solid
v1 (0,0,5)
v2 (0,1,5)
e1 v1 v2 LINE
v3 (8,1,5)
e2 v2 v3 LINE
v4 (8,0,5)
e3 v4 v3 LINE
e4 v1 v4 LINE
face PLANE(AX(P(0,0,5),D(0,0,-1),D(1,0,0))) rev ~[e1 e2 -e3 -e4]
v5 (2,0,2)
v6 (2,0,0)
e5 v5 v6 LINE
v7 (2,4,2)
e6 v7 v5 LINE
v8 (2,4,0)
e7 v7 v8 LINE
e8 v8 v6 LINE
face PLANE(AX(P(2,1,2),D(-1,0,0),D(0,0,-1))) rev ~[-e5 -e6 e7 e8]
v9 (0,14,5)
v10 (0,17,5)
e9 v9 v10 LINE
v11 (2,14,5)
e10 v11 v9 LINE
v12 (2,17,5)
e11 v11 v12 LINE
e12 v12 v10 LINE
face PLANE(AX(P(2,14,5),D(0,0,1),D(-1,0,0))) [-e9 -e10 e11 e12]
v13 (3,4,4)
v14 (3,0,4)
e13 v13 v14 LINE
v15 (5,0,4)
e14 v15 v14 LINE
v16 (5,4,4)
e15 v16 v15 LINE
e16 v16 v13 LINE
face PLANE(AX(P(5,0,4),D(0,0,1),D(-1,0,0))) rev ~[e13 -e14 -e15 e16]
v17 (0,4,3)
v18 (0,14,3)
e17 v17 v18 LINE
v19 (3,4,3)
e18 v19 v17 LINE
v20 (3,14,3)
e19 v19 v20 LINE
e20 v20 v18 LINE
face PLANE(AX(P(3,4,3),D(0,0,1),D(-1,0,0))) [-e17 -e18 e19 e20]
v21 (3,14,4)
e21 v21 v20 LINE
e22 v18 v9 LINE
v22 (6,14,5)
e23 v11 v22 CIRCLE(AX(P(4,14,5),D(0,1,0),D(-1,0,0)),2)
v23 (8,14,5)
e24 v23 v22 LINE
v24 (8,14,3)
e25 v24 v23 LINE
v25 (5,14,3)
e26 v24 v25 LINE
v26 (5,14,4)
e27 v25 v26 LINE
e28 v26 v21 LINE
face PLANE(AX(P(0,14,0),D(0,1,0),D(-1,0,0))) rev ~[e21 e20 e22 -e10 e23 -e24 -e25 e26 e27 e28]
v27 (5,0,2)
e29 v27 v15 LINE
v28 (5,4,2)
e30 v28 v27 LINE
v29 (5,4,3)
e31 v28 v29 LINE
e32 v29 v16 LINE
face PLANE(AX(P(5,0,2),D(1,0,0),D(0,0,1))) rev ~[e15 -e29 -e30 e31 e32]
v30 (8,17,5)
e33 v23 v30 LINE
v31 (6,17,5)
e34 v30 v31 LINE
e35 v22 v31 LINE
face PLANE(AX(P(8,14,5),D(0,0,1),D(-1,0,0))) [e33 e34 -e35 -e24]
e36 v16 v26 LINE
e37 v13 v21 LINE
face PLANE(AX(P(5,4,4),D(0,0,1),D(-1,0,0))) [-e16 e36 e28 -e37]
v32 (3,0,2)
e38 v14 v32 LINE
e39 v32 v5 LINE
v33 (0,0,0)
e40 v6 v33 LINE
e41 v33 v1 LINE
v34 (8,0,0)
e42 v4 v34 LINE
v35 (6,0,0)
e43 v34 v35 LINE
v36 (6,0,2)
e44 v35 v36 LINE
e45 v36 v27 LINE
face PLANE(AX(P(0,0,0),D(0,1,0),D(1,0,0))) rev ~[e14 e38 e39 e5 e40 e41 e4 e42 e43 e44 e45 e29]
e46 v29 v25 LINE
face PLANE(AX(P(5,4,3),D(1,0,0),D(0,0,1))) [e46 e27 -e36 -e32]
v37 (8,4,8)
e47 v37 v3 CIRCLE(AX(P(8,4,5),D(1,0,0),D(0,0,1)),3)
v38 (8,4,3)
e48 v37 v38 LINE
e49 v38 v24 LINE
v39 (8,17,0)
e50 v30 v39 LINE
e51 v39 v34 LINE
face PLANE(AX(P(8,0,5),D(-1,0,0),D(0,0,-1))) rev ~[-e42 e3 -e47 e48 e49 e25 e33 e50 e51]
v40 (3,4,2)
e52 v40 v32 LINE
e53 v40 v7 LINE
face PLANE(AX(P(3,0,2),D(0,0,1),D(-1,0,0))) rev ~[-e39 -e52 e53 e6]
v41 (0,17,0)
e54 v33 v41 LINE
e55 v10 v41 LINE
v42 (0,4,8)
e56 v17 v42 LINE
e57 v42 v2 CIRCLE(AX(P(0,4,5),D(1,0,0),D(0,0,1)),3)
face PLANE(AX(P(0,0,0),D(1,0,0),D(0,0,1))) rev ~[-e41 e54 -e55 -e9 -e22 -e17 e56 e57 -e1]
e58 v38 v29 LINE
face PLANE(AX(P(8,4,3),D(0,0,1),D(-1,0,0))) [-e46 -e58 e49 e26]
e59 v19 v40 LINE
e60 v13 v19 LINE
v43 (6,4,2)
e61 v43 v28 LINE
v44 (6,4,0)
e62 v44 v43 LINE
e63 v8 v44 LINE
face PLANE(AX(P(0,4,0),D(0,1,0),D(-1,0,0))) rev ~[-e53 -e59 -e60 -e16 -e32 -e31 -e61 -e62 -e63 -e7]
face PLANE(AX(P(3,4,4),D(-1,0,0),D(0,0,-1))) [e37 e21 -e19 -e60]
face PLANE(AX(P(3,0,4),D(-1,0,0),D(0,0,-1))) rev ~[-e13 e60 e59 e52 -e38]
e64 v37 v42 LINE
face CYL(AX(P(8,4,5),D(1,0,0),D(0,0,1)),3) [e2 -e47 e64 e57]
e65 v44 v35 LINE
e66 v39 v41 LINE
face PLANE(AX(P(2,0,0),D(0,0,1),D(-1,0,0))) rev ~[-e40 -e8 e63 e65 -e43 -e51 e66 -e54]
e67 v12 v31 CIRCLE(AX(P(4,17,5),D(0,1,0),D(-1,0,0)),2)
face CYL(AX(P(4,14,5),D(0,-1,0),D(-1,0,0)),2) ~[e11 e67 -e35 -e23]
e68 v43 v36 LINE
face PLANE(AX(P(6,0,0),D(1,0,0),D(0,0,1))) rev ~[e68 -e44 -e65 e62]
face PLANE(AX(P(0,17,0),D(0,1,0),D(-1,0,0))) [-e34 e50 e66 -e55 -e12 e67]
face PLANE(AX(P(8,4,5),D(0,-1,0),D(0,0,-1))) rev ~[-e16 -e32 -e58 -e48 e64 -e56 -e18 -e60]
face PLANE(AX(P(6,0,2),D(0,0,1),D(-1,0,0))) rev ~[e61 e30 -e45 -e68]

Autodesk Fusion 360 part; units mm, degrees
sketch "Sketch1" plane through (0, 0, 0) normal (0, 1, 0) x (1, 0, 0)
  line L0 (0, 0) -> (0, -5)
  line L1 (0, -5) -> (8, -5)
  line L2 (8, -5) -> (8, 0)
  line L3 (8, 0) -> (6, 0)
  line L4 (6, 0) -> (6, -2)
  line L5 (6, -2) -> (5, -2)
  line L6 (5, -2) -> (5, -4)
  line L7 (5, -4) -> (3, -4)
  line L8 (3, -4) -> (3, -2)
  line L9 (3, -2) -> (2, -2)
  line L10 (2, -2) -> (2, 0)
  line L11 (2, 0) -> (0, 0)
  dimension "d1" = 8
  dimension "d2" = 2
extrude "Extrude1" add sketch "Sketch1" along normal blind 1
sketch "Sketch2" plane through (8, 0, 0) normal (1, 0, 0) x (0, 1, 0)
  line L0 (0, 5) -> (0, 0)
  line L1 (0, 0) -> (1, 0)
  line L2 (1, 0) -> (1, 5)
  line L3 (1, 5) -> (0, 5)
  line L4 (1, 5) -> (4, 5)
  line L5 (4, 5) -> (4, 8)
  arc A0 (4, 8) -> (1, 5) centre (4, 5) ccw
  line L6 (4, 5) -> (4, 0)
  line L7 (4, 0) -> (1, 0)
  dimension "d5" = 3
  dimension "d6" = 3
extrude "Extrude2" add sketch "Sketch2" against normal blind 8 contours L2 L4 L6 L7 | L4 L5 A0
extrude "Extrude3" cut 1 faces at (4.3333, 1, 0.6667) along direction (0, 1, 0) blind 4.5
sketch "Sketch3" plane through (0, 4, 0) normal (0, 1, 0) x (-1, 0, 0)
  line L0 (-2, 2) -> (-2, 0)
  line L1 (-2, 0) -> (0, 0)
  line L2 (0, 0) -> (0, 8)
  line L3 (0, 8) -> (-8, 8)
  line L4 (-8, 8) -> (-8, 0)
  line L5 (-8, 0) -> (-6, 0)
  line L6 (-6, 0) -> (-6, 2)
  line L7 (-6, 2) -> (-5, 2)
  line L8 (-5, 2) -> (-5, 4)
  line L9 (-5, 4) -> (-3, 4)
  line L10 (-3, 4) -> (-3, 2)
  line L11 (-3, 2) -> (-2, 2)
  line L12 (-8, 0) -> (-8, 3)
  line L13 (-8, 3) -> (-5, 3)
  line L14 (-5, 3) -> (-5, 4)
  line L15 (-3, 4) -> (-3, 3)
  line L16 (-3, 3) -> (0, 3)
  line L17 (-3, 4) -> (-5, 4)
  line L18 (0, 3) -> (0, 0)
  line L19 (-8, 0) -> (0, 0)
  dimension "d11" = 3
  dimension "d12" = 3
extrude "Extrude4" add sketch "Sketch3" along normal blind 10 contours L0 L1 L2 L10 L11 L16 L18 L19 | L0 L6 L7 L8 L9 L10 L11 L14 L15 L17 L19 | L4 L5 L6 L7 L8 L12 L13 L19
sketch "Sketch4" plane through (0, 14, 0) normal (0, 1, 0) x (-1, 0, 0)
  line L0 (-8, 3) -> (-8, 0)
  line L1 (-8, 0) -> (0, 0)
  line L2 (0, 0) -> (0, 3)
  line L3 (0, 3) -> (-3, 3)
  line L4 (-3, 3) -> (-3, 4)
  line L5 (-3, 4) -> (-5, 4)
  line L6 (-5, 4) -> (-5, 3)
  line L7 (-5, 3) -> (-8, 3)
  line L8 (-8, 0) -> (-8, 5)
  line L9 (-8, 5) -> (-6, 5)
  line L10 (-6, 5) -> (-4, 5)
  arc A0 (-2, 5) -> (-6, 5) centre (-4, 5) ccw
  line L11 (-2, 5) -> (0, 5)
  line L12 (0, 5) -> (0, 0)
  dimension "d15" = 5
  dimension "d16" = 2
extrude "Extrude5" add sketch "Sketch4" along normal blind 3
